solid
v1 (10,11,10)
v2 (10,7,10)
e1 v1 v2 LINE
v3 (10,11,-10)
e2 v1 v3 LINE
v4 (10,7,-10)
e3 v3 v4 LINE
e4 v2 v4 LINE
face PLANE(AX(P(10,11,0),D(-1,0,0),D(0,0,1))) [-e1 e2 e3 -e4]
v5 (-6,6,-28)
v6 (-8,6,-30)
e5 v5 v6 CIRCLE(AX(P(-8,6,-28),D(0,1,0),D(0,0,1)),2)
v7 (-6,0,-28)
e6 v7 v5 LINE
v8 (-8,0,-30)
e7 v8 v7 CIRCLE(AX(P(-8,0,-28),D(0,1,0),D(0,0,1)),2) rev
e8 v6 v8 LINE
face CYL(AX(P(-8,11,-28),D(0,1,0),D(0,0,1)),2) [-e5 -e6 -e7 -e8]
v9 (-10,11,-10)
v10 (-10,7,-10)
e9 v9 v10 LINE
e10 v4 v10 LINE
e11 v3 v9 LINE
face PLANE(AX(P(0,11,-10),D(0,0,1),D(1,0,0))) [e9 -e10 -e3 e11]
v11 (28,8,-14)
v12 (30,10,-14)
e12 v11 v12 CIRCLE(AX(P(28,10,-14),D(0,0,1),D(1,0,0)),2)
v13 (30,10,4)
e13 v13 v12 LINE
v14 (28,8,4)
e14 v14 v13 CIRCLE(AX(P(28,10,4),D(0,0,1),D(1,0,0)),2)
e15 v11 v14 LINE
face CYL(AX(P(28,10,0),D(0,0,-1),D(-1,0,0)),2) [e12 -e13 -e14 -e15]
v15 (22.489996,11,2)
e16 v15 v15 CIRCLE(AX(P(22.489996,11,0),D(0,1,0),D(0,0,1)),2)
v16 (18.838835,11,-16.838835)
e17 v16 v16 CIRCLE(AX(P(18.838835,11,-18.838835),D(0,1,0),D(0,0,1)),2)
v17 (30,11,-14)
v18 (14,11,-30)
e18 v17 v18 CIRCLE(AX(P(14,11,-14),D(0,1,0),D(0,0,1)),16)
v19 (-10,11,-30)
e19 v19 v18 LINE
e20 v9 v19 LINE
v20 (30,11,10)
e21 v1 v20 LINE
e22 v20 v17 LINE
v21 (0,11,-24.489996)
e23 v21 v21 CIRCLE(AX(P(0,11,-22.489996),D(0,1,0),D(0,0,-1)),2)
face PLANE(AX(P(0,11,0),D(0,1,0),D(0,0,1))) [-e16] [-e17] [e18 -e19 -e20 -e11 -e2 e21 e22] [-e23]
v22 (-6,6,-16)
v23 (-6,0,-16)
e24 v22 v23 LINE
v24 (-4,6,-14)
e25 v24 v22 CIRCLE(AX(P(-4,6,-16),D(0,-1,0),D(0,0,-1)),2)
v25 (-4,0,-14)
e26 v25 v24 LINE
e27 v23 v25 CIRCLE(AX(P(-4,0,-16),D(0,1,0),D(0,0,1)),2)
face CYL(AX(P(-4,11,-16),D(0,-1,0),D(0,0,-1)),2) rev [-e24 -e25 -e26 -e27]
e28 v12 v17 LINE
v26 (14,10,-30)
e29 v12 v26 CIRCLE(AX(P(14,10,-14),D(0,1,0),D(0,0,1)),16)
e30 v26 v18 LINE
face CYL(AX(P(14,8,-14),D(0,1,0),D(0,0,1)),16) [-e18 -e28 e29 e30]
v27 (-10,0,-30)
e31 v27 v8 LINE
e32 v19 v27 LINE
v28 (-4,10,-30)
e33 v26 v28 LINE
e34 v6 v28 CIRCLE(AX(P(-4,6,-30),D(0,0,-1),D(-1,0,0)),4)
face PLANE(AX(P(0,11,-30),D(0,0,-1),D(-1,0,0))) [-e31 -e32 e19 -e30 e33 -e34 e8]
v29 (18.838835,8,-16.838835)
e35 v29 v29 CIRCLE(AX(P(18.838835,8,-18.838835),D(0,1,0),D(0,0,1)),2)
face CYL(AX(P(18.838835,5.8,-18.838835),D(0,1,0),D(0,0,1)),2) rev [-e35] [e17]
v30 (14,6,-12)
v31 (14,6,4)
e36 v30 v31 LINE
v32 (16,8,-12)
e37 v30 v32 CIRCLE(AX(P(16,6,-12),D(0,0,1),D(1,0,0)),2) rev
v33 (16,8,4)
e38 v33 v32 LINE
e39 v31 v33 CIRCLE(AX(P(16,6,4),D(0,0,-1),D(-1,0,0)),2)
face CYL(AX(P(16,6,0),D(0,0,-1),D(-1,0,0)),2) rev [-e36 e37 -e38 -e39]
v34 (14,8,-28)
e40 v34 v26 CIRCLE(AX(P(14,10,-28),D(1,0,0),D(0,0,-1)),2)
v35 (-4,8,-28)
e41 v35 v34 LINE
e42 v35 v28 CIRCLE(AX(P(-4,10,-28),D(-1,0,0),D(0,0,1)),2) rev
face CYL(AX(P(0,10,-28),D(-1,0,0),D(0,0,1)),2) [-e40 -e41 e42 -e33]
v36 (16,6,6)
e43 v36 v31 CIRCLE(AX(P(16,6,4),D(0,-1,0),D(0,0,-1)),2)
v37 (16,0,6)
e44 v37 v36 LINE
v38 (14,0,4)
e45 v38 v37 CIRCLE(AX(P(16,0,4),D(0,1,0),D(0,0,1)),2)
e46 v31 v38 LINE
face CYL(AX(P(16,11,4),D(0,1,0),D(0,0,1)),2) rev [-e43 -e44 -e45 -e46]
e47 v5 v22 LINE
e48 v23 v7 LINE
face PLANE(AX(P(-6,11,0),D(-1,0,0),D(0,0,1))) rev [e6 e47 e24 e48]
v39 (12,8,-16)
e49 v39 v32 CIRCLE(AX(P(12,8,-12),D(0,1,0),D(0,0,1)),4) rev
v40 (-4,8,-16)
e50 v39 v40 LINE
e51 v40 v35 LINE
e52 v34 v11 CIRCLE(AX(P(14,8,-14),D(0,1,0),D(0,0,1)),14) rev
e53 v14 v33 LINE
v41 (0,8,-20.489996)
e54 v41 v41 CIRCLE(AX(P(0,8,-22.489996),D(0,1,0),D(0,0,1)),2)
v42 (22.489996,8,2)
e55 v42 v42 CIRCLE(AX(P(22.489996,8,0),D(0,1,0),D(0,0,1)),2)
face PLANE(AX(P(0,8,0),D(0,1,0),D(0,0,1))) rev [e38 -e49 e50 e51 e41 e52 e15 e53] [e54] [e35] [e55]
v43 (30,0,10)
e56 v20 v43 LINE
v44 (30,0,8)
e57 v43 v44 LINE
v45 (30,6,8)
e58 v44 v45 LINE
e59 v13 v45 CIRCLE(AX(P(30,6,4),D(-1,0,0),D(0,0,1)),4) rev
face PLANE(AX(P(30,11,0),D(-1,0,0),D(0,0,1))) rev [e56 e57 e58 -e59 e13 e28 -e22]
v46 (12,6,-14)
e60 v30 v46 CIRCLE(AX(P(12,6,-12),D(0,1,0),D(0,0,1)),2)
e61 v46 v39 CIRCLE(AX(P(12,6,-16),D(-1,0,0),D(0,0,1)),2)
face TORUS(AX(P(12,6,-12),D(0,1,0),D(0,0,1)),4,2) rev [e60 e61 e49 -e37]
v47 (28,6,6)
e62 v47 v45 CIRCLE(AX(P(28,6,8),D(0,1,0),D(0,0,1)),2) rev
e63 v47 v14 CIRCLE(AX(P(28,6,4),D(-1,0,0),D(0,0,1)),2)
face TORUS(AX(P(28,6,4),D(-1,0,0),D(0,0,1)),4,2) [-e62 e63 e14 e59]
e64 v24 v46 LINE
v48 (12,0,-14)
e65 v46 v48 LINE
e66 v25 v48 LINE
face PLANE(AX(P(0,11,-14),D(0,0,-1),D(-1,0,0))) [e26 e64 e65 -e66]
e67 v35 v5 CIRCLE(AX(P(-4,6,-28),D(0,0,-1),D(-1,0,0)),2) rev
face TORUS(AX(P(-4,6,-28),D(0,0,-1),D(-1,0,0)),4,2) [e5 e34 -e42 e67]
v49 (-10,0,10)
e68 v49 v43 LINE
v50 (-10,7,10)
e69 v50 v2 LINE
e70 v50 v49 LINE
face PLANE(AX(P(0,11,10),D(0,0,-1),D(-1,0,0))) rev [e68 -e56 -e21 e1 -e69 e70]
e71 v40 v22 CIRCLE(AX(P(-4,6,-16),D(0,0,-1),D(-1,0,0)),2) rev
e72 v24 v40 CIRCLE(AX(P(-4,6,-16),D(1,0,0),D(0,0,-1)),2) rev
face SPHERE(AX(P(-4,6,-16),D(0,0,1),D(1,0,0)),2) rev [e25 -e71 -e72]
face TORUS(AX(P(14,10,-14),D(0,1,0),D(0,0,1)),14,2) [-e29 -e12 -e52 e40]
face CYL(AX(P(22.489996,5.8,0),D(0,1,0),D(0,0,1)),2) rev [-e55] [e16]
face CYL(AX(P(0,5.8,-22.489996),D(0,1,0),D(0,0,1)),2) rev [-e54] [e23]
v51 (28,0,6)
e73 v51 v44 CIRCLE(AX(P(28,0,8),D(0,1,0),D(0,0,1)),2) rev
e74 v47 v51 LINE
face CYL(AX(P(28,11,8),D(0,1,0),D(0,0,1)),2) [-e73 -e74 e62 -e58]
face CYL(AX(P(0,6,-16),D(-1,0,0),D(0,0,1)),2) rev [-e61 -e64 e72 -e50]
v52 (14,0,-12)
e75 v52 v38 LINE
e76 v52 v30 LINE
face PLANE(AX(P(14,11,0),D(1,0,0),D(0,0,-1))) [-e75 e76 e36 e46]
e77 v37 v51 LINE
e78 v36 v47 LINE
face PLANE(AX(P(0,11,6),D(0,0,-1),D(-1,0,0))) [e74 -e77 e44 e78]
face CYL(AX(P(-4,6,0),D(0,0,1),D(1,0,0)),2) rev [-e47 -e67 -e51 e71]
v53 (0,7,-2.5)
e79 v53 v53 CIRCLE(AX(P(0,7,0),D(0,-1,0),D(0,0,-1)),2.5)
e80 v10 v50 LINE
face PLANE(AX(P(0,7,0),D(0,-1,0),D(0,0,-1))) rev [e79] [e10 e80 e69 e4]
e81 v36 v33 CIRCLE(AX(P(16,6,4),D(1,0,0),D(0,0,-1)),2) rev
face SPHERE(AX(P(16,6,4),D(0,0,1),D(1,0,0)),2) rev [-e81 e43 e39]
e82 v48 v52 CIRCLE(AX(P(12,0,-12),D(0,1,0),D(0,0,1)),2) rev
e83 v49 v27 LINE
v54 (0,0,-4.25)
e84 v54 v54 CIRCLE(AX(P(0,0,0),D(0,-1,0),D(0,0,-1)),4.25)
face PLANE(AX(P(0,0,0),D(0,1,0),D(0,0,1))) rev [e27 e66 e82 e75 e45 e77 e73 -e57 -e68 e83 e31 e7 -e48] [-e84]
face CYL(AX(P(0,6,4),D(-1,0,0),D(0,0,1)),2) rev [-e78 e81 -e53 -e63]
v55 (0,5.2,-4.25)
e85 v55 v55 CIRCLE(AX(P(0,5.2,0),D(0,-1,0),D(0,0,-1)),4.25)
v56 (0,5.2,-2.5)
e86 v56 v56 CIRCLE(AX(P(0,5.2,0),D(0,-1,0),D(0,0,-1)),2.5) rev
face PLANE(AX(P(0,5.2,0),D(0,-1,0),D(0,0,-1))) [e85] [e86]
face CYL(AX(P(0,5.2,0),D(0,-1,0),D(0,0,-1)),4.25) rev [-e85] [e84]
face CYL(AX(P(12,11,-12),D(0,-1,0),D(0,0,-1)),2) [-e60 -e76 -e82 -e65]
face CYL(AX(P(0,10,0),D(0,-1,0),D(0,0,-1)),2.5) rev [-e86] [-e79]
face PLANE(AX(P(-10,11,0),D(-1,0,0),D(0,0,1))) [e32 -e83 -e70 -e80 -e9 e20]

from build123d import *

# Parameters (mm, degrees)
SKETCH1_W           = 4
SKETCH1_H           = 16
BOSS_EXTRUDE1_DEPTH = 11
SKETCH2_W           = 20
SKETCH2_H           = 20
BOSS_EXTRUDE2_DEPTH = 7
SKETCH3_W           = 20
SKETCH3_H           = 16
SKETCH3_W_2         = 16
SKETCH3_H_2         = 20
BOSS_EXTRUDE3_DEPTH = 3
FILLET1_R           = 2
SKETCH4_R           = 2.5
CUT_EXTRUDE1_DEPTH  = 10
SKETCH5_R           = 4.25
CUT_EXTRUDE2_DEPTH  = 5.2
SKETCH6_R           = 2
CUT_EXTRUDE3_DEPTH  = 5.2


with BuildPart() as part:
    # Sketch1 → Boss-Extrude1 (new body)
    with BuildSketch(Plane(origin=(0, 0, 0), x_dir=(1, 0, 0), z_dir=(0, 1, 0))):
        Polygon((-10, 10), (-6, 10), (-6, 14), (-6, 30), (-10, 30), align=None)
        Polygon((-6, 10), (10, 10), (14, 10), (14, 14), (-6, 14), align=None)
        with Locations((12, 2)):
            Rectangle(SKETCH1_W, SKETCH1_H)
        Polygon((10, -6), (10, -10), (30, -10), (30, -6), (14, -6), align=None)
    extrude(amount=BOSS_EXTRUDE1_DEPTH)

    # Sketch2 → Boss-Extrude2 (add)
    with BuildSketch(Plane(origin=(0, 0, 0), x_dir=(1, 0, 0), z_dir=(0, 1, 0))):
        Rectangle(SKETCH2_W, SKETCH2_H)
    extrude(amount=BOSS_EXTRUDE2_DEPTH)

    # Sketch3 → Boss-Extrude3 (add)
    with BuildSketch(Plane(origin=(0, 11, 0), x_dir=(1, 0, 0), z_dir=(0, 1, 0))):
        with Locations((4, 22)):
            Rectangle(SKETCH3_W, SKETCH3_H)
        with BuildLine():
            Line((30, 14), (14, 14))
            Line((14, 14), (14, 30))
            ThreePointArc((14, 30), (25.313708499, 25.313708499), (30, 14))
        make_face()
        with Locations((22, 4)):
            Rectangle(SKETCH3_W_2, SKETCH3_H_2)
    extrude(amount=-BOSS_EXTRUDE3_DEPTH)

    # Fillet1
    fillet1_edges = [part.edges().sort_by_distance(p)[0] for p in [
        (-6, 4, -30),
        (-6, 4, -14),
        (14, 4, -14),
        (14, 4, 6),
        (30, 4, 6),
        (25.313708499, 8, -25.313708499),
        (30, 8, -4),
        (4, 8, -14),
        (-6, 8, -22),
        (4, 8, -30),
        (22, 8, 6),
        (14, 8, -4),
    ]]
    fillet(fillet1_edges, radius=FILLET1_R)

    # Sketch4 → Cut-Extrude1 (cut)
    with BuildSketch(Plane.XZ):
        with Locations(Location((0, 0, 0), (0, 0, 270))):
            Circle(SKETCH4_R)
    extrude(amount=-CUT_EXTRUDE1_DEPTH, mode=Mode.SUBTRACT)

    # Sketch5 → Cut-Extrude2 (cut)
    with BuildSketch(Plane.XZ):
        with Locations(Location((0, 0, 0), (0, 0, 270))):
            Circle(SKETCH5_R)
    extrude(amount=-CUT_EXTRUDE2_DEPTH, mode=Mode.SUBTRACT)

    # Sketch6 → Cut-Extrude3 (cut)
    with BuildSketch(Plane(origin=(0, 11, 0), x_dir=(1, 0, 0), z_dir=(0, 1, 0))):
        with Locations(Location((22.489995997, 0, 0), (0, 0, 270))):
            Circle(SKETCH6_R)
        with Locations(Location((0, 22.489995997, 0), (0, 0, 270))):
            Circle(SKETCH6_R)
        with Locations(Location((18.838834765, 18.838834765, 0), (0, 0, 270))):
            Circle(SKETCH6_R)
    extrude(amount=-CUT_EXTRUDE3_DEPTH, mode=Mode.SUBTRACT)


solid = part.part
